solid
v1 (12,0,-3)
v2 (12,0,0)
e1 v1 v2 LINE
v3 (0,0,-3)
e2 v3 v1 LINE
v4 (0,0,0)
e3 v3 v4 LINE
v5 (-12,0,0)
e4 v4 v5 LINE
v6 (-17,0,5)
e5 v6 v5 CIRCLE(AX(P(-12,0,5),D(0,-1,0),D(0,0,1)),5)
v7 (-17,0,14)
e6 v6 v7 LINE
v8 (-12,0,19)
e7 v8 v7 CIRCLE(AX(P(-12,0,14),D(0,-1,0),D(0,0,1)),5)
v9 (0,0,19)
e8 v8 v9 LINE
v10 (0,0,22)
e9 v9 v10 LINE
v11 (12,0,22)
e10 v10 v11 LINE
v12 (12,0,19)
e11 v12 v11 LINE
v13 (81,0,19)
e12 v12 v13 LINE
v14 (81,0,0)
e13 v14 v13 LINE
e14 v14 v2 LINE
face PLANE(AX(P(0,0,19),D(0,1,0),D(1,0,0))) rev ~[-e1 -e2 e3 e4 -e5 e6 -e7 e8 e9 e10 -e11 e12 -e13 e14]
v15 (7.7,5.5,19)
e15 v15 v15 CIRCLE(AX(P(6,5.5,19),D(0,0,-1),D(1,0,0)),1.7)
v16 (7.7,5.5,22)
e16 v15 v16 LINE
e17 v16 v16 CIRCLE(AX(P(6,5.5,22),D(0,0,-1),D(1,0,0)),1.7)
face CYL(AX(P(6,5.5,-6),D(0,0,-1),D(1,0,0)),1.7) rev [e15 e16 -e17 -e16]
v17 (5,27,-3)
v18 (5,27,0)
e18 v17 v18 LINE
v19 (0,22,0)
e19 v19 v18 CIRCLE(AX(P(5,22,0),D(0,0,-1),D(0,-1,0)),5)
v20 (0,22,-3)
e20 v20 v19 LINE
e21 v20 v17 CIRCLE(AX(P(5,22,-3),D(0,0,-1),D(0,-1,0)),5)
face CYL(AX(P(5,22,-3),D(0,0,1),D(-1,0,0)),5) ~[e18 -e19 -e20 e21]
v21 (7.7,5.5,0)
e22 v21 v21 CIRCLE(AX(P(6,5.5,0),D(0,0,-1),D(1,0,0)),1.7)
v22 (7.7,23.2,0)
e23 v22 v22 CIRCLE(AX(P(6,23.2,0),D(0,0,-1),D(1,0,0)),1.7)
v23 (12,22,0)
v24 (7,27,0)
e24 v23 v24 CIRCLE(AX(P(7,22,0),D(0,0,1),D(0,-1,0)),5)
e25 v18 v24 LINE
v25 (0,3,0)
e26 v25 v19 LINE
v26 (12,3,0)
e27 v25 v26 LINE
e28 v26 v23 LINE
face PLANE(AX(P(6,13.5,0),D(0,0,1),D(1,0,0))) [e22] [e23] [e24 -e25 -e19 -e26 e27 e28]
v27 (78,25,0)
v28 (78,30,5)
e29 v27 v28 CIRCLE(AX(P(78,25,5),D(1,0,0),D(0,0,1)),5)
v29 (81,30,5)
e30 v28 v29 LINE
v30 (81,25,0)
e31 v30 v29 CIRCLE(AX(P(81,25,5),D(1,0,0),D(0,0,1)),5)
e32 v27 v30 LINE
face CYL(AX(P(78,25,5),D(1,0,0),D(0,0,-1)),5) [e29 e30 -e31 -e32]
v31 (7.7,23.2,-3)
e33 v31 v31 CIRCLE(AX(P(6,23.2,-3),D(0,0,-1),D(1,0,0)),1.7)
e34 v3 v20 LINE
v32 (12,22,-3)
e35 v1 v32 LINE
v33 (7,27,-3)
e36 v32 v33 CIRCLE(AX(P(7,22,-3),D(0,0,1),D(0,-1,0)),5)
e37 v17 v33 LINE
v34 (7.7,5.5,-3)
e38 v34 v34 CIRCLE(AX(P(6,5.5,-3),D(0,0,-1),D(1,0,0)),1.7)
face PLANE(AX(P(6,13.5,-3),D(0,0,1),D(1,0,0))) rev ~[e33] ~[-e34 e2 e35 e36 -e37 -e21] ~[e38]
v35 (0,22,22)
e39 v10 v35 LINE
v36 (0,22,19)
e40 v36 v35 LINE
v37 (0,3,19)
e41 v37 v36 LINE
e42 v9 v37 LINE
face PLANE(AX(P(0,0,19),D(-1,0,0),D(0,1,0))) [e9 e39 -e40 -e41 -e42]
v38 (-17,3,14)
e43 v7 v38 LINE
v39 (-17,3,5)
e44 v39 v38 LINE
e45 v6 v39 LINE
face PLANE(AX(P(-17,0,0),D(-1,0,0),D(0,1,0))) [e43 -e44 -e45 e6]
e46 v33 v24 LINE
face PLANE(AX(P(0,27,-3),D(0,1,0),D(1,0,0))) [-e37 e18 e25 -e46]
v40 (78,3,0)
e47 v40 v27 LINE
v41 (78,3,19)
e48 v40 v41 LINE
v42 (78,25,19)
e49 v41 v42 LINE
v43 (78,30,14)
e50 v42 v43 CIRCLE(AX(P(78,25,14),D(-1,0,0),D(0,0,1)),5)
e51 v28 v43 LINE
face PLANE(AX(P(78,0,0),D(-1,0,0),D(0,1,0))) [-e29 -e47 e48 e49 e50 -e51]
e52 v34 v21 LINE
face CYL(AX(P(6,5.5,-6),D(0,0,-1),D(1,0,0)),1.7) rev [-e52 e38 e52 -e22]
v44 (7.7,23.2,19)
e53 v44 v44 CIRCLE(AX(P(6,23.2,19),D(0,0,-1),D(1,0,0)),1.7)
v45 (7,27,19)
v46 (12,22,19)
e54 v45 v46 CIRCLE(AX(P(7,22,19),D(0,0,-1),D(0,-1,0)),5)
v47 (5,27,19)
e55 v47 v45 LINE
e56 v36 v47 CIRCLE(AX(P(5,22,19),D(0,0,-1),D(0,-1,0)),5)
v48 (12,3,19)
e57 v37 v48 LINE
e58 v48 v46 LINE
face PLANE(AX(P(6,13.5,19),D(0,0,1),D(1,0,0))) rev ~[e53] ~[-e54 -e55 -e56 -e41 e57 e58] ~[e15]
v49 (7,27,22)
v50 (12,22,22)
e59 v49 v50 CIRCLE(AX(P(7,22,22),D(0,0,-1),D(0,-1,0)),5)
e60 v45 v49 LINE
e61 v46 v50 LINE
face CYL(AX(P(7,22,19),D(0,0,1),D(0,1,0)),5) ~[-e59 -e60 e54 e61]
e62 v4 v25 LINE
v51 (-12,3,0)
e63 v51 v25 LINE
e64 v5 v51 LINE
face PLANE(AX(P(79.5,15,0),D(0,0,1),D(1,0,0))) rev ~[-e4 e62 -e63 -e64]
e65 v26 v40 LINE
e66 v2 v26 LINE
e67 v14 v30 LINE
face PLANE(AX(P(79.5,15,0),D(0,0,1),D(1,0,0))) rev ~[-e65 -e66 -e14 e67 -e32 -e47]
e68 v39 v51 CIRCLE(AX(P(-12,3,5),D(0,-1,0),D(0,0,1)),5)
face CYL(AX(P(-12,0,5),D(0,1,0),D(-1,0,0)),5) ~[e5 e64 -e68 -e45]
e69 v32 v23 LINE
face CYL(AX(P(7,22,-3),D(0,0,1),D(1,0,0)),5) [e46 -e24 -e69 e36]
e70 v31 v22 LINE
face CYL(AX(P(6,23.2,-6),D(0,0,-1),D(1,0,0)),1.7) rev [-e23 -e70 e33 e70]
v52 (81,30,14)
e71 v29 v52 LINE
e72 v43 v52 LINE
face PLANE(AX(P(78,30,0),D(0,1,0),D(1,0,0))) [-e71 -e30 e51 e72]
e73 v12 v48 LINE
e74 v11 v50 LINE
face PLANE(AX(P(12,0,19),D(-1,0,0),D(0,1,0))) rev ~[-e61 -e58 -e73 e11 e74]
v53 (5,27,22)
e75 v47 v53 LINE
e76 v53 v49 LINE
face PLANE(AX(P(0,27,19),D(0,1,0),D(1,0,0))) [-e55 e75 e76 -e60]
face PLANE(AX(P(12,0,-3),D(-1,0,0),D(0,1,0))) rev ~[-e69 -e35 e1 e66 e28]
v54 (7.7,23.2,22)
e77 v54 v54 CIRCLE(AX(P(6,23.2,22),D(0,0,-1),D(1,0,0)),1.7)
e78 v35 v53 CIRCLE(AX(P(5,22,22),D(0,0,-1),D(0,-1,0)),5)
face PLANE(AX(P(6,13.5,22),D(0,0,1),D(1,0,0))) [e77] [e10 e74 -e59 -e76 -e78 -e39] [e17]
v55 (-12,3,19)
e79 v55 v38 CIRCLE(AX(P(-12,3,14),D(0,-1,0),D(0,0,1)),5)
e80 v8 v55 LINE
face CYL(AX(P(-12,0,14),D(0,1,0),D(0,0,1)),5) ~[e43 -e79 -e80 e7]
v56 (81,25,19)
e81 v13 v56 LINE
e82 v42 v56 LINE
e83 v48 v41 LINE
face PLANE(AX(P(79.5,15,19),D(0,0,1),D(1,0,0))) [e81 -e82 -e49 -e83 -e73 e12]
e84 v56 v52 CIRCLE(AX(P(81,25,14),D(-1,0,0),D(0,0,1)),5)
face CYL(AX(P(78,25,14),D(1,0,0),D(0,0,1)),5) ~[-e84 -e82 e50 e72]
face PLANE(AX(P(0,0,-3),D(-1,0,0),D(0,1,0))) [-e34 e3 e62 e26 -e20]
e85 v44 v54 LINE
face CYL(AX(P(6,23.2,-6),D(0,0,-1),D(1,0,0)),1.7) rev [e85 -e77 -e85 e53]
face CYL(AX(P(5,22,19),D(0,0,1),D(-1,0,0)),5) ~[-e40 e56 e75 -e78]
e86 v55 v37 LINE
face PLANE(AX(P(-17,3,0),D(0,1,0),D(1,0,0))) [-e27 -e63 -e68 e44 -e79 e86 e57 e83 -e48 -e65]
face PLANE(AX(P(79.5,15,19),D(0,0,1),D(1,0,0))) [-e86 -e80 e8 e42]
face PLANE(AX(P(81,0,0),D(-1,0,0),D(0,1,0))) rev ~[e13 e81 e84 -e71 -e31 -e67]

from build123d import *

# Parameters (mm, degrees)
CYLINDER001_R     = 1.7
CYLINDER001_DEPTH = 31
CYLINDER_R        = 1.7
CYLINDER_DEPTH    = 31
BOX003_W          = 3
BOX003_H          = 30
BOX003_DEPTH      = 19
BOX001_W          = 12
BOX001_H          = 27
BOX001_DEPTH      = 3
BOX002_W          = 12
BOX002_H          = 27
BOX002_DEPTH      = 3
BOX_W             = 95
BOX_H             = 3
BOX_DEPTH         = 19
FILLET_R          = 5


with BuildPart() as cylinder001:
    # Cylinder001 → Cylinder001 (new body)
    with BuildSketch(Plane(origin=(6, 23.2, -6), x_dir=(1, 0, 0), z_dir=(0, 0, 1))):
        Circle(CYLINDER001_R)
    extrude(amount=CYLINDER001_DEPTH)


with BuildPart() as orificios:
    # Cylinder → Cylinder (new body)
    with BuildSketch(Plane(origin=(6, 5.5, -6), x_dir=(1, 0, 0), z_dir=(0, 0, 1))):
        Circle(CYLINDER_R)
    extrude(amount=CYLINDER_DEPTH)

    # Fusion001: union Cylinder001
    add(cylinder001.part)


with BuildPart() as cube003:
    # Box003 → Box003 (new body)
    with BuildSketch(Plane(origin=(78, 0, 0), x_dir=(1, 0, 0), z_dir=(0, 0, 1))):
        with Locations((1.5, 15)):
            Rectangle(BOX003_W, BOX003_H)
    extrude(amount=BOX003_DEPTH)


with BuildPart() as cube001:
    # Box001 → Box001 (new body)
    with BuildSketch(Plane.XY.offset(-3)):
        with Locations((6, 13.5)):
            Rectangle(BOX001_W, BOX001_H)
    extrude(amount=BOX001_DEPTH)


with BuildPart() as cube002:
    # Box002 → Box002 (new body)
    with BuildSketch(Plane.XY.offset(19)):
        with Locations((6, 13.5)):
            Rectangle(BOX002_W, BOX002_H)
    extrude(amount=BOX002_DEPTH)


with BuildPart() as cut:
    # Box → Box (new body)
    with BuildSketch(Plane(origin=(-17, 0, 0), x_dir=(1, 0, 0), z_dir=(0, 0, 1))):
        with Locations((47.5, 1.5)):
            Rectangle(BOX_W, BOX_H)
    extrude(amount=BOX_DEPTH)

    # Fusion: union Cube003, Cube001, Cube002
    add(cube003.part)
    add(cube001.part)
    add(cube002.part)

    # Fillet
    fillet_edges = [cut.edges().sort_by_distance(p)[0] for p in [
        (79.5, 30, 0),
        (79.5, 30, 19),
        (0, 27, 20.5),
        (12, 27, 20.5),
        (-17, 1.5, 19),
        (-17, 1.5, 0),
        (0, 27, -1.5),
        (12, 27, -1.5),
    ]]
    fillet(fillet_edges, radius=FILLET_R)

    # Cut: cut orificios
    add(orificios.part, mode=Mode.SUBTRACT)


solid = cut.part
